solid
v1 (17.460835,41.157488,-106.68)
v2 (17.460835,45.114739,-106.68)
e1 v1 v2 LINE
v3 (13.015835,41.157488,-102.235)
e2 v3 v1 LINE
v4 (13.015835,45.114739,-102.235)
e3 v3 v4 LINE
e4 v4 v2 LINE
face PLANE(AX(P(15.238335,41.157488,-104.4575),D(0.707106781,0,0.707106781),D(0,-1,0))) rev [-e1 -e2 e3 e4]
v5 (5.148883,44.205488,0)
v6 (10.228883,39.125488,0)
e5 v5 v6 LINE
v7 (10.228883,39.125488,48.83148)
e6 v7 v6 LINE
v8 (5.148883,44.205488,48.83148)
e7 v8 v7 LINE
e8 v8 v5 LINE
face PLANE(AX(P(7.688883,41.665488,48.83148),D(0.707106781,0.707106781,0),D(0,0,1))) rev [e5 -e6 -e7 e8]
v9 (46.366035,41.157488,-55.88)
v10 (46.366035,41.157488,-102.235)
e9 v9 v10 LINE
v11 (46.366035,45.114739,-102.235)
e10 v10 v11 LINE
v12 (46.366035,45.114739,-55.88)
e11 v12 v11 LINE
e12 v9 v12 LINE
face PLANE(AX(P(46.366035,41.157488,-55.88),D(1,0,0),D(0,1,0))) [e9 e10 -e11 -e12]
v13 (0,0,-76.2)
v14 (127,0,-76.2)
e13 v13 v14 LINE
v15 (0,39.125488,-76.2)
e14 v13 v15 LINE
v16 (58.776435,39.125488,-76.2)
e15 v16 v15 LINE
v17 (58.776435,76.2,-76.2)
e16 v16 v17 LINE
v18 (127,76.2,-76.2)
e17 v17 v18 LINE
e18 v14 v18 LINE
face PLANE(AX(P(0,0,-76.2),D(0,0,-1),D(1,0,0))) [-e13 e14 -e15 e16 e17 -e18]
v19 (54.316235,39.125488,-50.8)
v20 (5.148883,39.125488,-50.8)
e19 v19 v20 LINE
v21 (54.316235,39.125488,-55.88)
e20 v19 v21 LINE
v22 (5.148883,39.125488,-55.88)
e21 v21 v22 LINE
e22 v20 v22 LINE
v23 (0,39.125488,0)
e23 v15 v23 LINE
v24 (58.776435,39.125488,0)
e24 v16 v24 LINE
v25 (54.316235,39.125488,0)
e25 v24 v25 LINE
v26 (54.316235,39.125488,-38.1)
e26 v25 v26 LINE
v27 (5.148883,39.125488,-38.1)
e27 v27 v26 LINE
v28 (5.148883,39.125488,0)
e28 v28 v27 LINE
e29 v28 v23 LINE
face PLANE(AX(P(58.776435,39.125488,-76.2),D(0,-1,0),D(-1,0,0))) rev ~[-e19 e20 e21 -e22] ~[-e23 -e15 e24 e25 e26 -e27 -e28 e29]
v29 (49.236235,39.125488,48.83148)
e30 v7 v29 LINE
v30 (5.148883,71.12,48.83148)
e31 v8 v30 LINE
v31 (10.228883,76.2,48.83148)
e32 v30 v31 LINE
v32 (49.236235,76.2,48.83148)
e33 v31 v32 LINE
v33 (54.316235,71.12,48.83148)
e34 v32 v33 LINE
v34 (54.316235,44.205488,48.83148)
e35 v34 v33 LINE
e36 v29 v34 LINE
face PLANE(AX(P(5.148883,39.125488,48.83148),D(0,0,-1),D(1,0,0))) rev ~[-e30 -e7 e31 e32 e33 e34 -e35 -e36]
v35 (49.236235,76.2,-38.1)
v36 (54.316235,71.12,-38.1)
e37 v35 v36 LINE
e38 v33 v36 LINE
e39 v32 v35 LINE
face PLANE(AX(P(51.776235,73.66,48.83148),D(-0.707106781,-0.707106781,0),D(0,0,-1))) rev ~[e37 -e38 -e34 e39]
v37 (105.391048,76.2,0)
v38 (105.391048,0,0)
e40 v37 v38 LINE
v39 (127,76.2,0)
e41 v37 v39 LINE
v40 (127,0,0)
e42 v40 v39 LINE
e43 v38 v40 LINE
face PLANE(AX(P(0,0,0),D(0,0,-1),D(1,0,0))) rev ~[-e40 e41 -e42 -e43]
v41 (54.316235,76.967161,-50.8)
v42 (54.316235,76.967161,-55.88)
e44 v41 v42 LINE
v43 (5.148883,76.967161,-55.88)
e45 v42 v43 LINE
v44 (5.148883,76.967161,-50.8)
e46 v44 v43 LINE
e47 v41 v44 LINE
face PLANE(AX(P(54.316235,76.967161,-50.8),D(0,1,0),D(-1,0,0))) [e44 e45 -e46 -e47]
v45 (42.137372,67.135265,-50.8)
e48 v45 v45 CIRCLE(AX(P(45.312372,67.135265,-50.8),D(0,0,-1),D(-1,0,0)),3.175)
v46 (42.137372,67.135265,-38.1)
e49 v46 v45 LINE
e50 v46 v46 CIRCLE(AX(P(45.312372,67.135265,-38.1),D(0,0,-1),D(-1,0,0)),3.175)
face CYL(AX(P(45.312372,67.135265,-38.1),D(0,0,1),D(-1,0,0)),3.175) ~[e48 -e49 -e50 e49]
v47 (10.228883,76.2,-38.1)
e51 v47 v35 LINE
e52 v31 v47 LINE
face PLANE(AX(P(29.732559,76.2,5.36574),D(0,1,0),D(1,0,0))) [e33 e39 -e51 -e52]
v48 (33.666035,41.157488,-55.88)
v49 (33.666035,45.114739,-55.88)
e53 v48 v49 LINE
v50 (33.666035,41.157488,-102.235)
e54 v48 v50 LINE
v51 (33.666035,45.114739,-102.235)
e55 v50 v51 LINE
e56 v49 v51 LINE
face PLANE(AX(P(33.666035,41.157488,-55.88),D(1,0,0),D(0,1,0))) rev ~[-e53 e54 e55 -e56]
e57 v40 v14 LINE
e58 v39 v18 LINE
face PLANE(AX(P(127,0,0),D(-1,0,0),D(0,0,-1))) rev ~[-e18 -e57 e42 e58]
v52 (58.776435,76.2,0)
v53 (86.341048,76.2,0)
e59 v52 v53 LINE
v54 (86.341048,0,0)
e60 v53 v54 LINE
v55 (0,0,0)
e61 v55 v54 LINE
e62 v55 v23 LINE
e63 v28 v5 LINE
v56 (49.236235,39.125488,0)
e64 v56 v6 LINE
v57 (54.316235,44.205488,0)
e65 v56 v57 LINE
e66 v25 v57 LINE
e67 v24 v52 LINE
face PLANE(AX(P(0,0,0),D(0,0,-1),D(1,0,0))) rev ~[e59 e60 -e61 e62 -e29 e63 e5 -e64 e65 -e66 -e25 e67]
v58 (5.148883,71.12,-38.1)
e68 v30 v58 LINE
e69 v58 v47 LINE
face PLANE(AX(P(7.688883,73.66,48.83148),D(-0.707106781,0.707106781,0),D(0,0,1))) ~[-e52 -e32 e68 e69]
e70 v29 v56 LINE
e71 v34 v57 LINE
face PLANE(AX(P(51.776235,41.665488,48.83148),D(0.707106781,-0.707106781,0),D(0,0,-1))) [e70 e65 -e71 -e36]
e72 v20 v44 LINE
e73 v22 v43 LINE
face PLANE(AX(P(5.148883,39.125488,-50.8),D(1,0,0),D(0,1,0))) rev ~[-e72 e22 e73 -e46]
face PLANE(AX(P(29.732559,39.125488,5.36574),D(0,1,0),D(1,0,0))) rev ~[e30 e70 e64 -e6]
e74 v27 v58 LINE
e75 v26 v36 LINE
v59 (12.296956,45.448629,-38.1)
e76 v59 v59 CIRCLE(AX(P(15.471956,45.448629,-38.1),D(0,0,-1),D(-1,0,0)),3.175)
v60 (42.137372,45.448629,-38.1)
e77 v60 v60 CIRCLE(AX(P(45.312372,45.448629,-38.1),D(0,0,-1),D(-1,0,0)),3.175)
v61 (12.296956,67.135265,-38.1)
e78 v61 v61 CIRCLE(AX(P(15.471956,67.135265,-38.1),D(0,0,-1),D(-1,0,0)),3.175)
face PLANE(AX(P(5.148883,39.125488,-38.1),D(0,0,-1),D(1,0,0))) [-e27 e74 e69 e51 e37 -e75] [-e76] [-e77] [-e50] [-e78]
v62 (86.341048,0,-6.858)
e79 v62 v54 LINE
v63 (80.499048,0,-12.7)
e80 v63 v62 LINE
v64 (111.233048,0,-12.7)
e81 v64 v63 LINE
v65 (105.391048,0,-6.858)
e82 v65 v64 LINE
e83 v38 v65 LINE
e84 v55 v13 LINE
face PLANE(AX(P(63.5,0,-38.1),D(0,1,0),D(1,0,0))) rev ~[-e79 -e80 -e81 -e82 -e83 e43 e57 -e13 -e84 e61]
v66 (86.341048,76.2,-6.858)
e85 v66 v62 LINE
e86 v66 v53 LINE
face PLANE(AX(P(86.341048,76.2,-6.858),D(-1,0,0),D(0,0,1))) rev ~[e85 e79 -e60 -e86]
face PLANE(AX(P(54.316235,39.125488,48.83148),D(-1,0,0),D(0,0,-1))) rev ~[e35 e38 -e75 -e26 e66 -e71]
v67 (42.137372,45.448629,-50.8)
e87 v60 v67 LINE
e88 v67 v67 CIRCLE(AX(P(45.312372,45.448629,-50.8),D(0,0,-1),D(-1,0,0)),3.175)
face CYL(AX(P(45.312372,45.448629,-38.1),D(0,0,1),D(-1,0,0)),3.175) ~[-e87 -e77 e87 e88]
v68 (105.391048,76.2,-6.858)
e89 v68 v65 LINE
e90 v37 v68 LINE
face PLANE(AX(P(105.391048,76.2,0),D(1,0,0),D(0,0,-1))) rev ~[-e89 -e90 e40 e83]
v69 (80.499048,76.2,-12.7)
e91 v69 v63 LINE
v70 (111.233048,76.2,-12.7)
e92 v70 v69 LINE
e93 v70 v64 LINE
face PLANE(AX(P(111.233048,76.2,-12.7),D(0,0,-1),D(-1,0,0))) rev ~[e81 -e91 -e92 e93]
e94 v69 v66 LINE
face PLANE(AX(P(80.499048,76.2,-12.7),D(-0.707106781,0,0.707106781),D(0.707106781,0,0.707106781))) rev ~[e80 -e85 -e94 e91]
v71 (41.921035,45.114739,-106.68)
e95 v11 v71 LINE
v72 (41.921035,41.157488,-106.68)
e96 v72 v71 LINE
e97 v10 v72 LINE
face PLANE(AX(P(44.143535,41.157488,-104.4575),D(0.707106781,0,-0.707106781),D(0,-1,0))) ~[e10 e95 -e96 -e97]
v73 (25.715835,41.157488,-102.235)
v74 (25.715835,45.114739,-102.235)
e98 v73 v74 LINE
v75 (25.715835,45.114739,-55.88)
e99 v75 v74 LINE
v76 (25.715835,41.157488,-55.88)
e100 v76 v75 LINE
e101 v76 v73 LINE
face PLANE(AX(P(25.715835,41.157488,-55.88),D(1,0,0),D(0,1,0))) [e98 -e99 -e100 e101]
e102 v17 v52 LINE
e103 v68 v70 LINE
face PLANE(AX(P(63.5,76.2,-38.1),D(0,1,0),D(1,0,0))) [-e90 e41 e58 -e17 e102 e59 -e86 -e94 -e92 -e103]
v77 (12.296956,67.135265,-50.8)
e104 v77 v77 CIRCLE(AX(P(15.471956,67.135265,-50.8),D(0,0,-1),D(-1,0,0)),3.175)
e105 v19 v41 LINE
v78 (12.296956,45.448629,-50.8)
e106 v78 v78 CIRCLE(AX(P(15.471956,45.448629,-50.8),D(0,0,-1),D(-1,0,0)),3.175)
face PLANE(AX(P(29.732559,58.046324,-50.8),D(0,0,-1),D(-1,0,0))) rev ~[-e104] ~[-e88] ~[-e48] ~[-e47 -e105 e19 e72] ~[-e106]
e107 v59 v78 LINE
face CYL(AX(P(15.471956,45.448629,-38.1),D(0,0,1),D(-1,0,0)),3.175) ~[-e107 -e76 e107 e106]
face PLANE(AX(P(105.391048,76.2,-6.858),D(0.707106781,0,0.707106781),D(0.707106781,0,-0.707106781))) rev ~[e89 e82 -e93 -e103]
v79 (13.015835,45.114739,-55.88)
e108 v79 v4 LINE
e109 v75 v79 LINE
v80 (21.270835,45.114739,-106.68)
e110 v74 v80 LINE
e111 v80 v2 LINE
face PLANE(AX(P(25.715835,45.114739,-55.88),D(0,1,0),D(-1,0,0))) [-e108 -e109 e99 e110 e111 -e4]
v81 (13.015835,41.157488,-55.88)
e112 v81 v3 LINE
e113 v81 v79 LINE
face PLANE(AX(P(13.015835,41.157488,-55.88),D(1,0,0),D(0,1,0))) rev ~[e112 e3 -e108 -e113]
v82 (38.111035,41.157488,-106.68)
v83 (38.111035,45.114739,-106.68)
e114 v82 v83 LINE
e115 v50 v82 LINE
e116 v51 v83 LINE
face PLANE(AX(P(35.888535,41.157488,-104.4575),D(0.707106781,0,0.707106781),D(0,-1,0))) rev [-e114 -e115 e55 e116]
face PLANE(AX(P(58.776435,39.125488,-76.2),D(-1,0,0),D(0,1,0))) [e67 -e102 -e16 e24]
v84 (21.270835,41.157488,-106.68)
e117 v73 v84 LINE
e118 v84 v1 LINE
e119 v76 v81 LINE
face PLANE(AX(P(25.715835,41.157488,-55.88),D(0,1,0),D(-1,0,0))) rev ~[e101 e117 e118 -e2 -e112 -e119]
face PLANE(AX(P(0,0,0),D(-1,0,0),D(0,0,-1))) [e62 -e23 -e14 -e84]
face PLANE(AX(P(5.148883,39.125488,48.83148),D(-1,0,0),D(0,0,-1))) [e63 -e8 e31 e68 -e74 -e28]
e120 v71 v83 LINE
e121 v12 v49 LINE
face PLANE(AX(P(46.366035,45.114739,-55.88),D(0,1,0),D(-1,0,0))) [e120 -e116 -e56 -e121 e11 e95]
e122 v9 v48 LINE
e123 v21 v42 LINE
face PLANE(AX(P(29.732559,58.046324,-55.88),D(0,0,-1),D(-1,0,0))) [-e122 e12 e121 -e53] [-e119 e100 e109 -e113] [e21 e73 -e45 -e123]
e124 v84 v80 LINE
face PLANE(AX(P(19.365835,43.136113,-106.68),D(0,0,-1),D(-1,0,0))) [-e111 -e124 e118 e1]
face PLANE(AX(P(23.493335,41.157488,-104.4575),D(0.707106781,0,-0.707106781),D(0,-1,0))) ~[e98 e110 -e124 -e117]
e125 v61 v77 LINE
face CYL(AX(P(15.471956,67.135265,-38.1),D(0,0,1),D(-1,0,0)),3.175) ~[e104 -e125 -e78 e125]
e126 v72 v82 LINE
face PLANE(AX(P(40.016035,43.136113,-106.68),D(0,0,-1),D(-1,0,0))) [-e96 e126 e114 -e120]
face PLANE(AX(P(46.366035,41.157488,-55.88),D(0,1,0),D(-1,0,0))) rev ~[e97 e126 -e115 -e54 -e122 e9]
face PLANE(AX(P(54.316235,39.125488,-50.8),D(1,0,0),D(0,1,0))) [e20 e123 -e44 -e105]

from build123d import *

# Parameters (mm, degrees)
SKETCH1_W           = 127
SKETCH1_H           = 76.2
BOSS_EXTRUDE1_DEPTH = 76.2
CUT_EXTRUDE1_DEPTH  = 77.2
SKETCH3_W           = 58.776435242
SKETCH3_H           = 37.074512471
CUT_EXTRUDE2_DEPTH  = 77.2
SKETCH4_W           = 49.167351348
SKETCH4_H           = 86.931479723
BOSS_EXTRUDE3_DEPTH = 37.074512
CHAMFER1_SIZE       = 5.08
SKETCH5_R           = 3.175
BOSS_EXTRUDE4_DEPTH = 12.7
SKETCH6_W           = 49.167351348
SKETCH6_H           = 37.84167341
BOSS_EXTRUDE5_DEPTH = 5.08
SKETCH7_W           = 12.7
SKETCH7_H           = 3.957251341
BOSS_EXTRUDE6_DEPTH = 50.8
CHAMFER2_SIZE       = 4.445


with BuildPart() as part:
    # Sketch1 → Boss-Extrude1 (new body)
    with BuildSketch(Plane(origin=(0, 0, 0), x_dir=(1, 0, 0), z_dir=(0, 1, 0))):
        with Locations((63.5, 38.1)):
            Rectangle(SKETCH1_W, SKETCH1_H)
    extrude(amount=BOSS_EXTRUDE1_DEPTH)

    # Sketch2 → Cut-Extrude1 (cut, through all)
    with BuildSketch(Plane(origin=(0, 76.2, 0), x_dir=(1, 0, 0), z_dir=(0, 1, 0))):
        Polygon((86.341048303, 0), (105.391048303, 0), (105.391048303, 6.858), (111.233048303, 12.7), (80.499048303, 12.7), (86.341048303, 6.858), align=None)
    extrude(amount=-CUT_EXTRUDE1_DEPTH, mode=Mode.SUBTRACT)

    # Sketch3 → Cut-Extrude2 (cut, through all)
    with BuildSketch(Plane(origin=(0, 0, -76.2), x_dir=(-1, 0, 0), z_dir=(0, 0, -1))):
        with Locations((-29.388217621, 57.662743765)):
            Rectangle(SKETCH3_W, SKETCH3_H)
    extrude(amount=-CUT_EXTRUDE2_DEPTH, mode=Mode.SUBTRACT)

    # Sketch4 → Boss-Extrude3 (add)
    with BuildSketch(Plane(origin=(0, 39.125487529, 0), x_dir=(1, 0, 0), z_dir=(0, 1, 0))):
        with Locations((29.732558923, -5.365739861)):
            Rectangle(SKETCH4_W, SKETCH4_H)
    extrude(amount=BOSS_EXTRUDE3_DEPTH)

    # Chamfer1
    chamfer1_edges = [part.edges().sort_by_distance(p)[0] for p in [
        (5.148883249, 76.199999529, 5.365739861),
        (5.148883249, 39.125487529, 24.415739861),
        (54.316234597, 76.199999529, 5.365739861),
        (54.316234597, 39.125487529, 24.415739861),
    ]]
    chamfer(chamfer1_edges, length=CHAMFER1_SIZE)

    # Sketch5 → Boss-Extrude4 (add)
    with BuildSketch(Plane(origin=(0, 0, -38.1), x_dir=(-1, 0, 0), z_dir=(0, 0, -1))):
        with Locations((-45.312372158, 67.135265035)):
            Circle(SKETCH5_R)
        with Locations((-15.471955986, 67.135265035)):
            Circle(SKETCH5_R)
        with Locations((-45.312372158, 45.448629278)):
            Circle(SKETCH5_R)
        with Locations((-15.471955986, 45.448629278)):
            Circle(SKETCH5_R)
    extrude(amount=BOSS_EXTRUDE4_DEPTH)

    # Sketch6 → Boss-Extrude5 (add)
    with BuildSketch(Plane(origin=(0, 0, -50.8), x_dir=(-1, 0, 0), z_dir=(0, 0, -1))):
        with Locations((-29.732558923, 58.046324234)):
            Rectangle(SKETCH6_W, SKETCH6_H)
    extrude(amount=BOSS_EXTRUDE5_DEPTH)

    # Sketch7 → Boss-Extrude6 (add)
    with BuildSketch(Plane(origin=(0, 0, -55.88), x_dir=(-1, 0, 0), z_dir=(0, 0, -1))):
        with Locations((-40.016034597, 43.1361132)):
            Rectangle(SKETCH7_W, SKETCH7_H)
        with Locations((-19.365834597, 43.1361132)):
            Rectangle(SKETCH7_W, SKETCH7_H)
    extrude(amount=BOSS_EXTRUDE6_DEPTH)

    # Chamfer2
    chamfer2_edges = [part.edges().sort_by_distance(p)[0] for p in [
        (46.366034597, 43.1361132, -106.68),
        (33.666034597, 43.1361132, -106.68),
        (25.715834597, 43.1361132, -106.68),
        (13.015834597, 43.1361132, -106.68),
    ]]
    chamfer(chamfer2_edges, length=CHAMFER2_SIZE)


solid = part.part
